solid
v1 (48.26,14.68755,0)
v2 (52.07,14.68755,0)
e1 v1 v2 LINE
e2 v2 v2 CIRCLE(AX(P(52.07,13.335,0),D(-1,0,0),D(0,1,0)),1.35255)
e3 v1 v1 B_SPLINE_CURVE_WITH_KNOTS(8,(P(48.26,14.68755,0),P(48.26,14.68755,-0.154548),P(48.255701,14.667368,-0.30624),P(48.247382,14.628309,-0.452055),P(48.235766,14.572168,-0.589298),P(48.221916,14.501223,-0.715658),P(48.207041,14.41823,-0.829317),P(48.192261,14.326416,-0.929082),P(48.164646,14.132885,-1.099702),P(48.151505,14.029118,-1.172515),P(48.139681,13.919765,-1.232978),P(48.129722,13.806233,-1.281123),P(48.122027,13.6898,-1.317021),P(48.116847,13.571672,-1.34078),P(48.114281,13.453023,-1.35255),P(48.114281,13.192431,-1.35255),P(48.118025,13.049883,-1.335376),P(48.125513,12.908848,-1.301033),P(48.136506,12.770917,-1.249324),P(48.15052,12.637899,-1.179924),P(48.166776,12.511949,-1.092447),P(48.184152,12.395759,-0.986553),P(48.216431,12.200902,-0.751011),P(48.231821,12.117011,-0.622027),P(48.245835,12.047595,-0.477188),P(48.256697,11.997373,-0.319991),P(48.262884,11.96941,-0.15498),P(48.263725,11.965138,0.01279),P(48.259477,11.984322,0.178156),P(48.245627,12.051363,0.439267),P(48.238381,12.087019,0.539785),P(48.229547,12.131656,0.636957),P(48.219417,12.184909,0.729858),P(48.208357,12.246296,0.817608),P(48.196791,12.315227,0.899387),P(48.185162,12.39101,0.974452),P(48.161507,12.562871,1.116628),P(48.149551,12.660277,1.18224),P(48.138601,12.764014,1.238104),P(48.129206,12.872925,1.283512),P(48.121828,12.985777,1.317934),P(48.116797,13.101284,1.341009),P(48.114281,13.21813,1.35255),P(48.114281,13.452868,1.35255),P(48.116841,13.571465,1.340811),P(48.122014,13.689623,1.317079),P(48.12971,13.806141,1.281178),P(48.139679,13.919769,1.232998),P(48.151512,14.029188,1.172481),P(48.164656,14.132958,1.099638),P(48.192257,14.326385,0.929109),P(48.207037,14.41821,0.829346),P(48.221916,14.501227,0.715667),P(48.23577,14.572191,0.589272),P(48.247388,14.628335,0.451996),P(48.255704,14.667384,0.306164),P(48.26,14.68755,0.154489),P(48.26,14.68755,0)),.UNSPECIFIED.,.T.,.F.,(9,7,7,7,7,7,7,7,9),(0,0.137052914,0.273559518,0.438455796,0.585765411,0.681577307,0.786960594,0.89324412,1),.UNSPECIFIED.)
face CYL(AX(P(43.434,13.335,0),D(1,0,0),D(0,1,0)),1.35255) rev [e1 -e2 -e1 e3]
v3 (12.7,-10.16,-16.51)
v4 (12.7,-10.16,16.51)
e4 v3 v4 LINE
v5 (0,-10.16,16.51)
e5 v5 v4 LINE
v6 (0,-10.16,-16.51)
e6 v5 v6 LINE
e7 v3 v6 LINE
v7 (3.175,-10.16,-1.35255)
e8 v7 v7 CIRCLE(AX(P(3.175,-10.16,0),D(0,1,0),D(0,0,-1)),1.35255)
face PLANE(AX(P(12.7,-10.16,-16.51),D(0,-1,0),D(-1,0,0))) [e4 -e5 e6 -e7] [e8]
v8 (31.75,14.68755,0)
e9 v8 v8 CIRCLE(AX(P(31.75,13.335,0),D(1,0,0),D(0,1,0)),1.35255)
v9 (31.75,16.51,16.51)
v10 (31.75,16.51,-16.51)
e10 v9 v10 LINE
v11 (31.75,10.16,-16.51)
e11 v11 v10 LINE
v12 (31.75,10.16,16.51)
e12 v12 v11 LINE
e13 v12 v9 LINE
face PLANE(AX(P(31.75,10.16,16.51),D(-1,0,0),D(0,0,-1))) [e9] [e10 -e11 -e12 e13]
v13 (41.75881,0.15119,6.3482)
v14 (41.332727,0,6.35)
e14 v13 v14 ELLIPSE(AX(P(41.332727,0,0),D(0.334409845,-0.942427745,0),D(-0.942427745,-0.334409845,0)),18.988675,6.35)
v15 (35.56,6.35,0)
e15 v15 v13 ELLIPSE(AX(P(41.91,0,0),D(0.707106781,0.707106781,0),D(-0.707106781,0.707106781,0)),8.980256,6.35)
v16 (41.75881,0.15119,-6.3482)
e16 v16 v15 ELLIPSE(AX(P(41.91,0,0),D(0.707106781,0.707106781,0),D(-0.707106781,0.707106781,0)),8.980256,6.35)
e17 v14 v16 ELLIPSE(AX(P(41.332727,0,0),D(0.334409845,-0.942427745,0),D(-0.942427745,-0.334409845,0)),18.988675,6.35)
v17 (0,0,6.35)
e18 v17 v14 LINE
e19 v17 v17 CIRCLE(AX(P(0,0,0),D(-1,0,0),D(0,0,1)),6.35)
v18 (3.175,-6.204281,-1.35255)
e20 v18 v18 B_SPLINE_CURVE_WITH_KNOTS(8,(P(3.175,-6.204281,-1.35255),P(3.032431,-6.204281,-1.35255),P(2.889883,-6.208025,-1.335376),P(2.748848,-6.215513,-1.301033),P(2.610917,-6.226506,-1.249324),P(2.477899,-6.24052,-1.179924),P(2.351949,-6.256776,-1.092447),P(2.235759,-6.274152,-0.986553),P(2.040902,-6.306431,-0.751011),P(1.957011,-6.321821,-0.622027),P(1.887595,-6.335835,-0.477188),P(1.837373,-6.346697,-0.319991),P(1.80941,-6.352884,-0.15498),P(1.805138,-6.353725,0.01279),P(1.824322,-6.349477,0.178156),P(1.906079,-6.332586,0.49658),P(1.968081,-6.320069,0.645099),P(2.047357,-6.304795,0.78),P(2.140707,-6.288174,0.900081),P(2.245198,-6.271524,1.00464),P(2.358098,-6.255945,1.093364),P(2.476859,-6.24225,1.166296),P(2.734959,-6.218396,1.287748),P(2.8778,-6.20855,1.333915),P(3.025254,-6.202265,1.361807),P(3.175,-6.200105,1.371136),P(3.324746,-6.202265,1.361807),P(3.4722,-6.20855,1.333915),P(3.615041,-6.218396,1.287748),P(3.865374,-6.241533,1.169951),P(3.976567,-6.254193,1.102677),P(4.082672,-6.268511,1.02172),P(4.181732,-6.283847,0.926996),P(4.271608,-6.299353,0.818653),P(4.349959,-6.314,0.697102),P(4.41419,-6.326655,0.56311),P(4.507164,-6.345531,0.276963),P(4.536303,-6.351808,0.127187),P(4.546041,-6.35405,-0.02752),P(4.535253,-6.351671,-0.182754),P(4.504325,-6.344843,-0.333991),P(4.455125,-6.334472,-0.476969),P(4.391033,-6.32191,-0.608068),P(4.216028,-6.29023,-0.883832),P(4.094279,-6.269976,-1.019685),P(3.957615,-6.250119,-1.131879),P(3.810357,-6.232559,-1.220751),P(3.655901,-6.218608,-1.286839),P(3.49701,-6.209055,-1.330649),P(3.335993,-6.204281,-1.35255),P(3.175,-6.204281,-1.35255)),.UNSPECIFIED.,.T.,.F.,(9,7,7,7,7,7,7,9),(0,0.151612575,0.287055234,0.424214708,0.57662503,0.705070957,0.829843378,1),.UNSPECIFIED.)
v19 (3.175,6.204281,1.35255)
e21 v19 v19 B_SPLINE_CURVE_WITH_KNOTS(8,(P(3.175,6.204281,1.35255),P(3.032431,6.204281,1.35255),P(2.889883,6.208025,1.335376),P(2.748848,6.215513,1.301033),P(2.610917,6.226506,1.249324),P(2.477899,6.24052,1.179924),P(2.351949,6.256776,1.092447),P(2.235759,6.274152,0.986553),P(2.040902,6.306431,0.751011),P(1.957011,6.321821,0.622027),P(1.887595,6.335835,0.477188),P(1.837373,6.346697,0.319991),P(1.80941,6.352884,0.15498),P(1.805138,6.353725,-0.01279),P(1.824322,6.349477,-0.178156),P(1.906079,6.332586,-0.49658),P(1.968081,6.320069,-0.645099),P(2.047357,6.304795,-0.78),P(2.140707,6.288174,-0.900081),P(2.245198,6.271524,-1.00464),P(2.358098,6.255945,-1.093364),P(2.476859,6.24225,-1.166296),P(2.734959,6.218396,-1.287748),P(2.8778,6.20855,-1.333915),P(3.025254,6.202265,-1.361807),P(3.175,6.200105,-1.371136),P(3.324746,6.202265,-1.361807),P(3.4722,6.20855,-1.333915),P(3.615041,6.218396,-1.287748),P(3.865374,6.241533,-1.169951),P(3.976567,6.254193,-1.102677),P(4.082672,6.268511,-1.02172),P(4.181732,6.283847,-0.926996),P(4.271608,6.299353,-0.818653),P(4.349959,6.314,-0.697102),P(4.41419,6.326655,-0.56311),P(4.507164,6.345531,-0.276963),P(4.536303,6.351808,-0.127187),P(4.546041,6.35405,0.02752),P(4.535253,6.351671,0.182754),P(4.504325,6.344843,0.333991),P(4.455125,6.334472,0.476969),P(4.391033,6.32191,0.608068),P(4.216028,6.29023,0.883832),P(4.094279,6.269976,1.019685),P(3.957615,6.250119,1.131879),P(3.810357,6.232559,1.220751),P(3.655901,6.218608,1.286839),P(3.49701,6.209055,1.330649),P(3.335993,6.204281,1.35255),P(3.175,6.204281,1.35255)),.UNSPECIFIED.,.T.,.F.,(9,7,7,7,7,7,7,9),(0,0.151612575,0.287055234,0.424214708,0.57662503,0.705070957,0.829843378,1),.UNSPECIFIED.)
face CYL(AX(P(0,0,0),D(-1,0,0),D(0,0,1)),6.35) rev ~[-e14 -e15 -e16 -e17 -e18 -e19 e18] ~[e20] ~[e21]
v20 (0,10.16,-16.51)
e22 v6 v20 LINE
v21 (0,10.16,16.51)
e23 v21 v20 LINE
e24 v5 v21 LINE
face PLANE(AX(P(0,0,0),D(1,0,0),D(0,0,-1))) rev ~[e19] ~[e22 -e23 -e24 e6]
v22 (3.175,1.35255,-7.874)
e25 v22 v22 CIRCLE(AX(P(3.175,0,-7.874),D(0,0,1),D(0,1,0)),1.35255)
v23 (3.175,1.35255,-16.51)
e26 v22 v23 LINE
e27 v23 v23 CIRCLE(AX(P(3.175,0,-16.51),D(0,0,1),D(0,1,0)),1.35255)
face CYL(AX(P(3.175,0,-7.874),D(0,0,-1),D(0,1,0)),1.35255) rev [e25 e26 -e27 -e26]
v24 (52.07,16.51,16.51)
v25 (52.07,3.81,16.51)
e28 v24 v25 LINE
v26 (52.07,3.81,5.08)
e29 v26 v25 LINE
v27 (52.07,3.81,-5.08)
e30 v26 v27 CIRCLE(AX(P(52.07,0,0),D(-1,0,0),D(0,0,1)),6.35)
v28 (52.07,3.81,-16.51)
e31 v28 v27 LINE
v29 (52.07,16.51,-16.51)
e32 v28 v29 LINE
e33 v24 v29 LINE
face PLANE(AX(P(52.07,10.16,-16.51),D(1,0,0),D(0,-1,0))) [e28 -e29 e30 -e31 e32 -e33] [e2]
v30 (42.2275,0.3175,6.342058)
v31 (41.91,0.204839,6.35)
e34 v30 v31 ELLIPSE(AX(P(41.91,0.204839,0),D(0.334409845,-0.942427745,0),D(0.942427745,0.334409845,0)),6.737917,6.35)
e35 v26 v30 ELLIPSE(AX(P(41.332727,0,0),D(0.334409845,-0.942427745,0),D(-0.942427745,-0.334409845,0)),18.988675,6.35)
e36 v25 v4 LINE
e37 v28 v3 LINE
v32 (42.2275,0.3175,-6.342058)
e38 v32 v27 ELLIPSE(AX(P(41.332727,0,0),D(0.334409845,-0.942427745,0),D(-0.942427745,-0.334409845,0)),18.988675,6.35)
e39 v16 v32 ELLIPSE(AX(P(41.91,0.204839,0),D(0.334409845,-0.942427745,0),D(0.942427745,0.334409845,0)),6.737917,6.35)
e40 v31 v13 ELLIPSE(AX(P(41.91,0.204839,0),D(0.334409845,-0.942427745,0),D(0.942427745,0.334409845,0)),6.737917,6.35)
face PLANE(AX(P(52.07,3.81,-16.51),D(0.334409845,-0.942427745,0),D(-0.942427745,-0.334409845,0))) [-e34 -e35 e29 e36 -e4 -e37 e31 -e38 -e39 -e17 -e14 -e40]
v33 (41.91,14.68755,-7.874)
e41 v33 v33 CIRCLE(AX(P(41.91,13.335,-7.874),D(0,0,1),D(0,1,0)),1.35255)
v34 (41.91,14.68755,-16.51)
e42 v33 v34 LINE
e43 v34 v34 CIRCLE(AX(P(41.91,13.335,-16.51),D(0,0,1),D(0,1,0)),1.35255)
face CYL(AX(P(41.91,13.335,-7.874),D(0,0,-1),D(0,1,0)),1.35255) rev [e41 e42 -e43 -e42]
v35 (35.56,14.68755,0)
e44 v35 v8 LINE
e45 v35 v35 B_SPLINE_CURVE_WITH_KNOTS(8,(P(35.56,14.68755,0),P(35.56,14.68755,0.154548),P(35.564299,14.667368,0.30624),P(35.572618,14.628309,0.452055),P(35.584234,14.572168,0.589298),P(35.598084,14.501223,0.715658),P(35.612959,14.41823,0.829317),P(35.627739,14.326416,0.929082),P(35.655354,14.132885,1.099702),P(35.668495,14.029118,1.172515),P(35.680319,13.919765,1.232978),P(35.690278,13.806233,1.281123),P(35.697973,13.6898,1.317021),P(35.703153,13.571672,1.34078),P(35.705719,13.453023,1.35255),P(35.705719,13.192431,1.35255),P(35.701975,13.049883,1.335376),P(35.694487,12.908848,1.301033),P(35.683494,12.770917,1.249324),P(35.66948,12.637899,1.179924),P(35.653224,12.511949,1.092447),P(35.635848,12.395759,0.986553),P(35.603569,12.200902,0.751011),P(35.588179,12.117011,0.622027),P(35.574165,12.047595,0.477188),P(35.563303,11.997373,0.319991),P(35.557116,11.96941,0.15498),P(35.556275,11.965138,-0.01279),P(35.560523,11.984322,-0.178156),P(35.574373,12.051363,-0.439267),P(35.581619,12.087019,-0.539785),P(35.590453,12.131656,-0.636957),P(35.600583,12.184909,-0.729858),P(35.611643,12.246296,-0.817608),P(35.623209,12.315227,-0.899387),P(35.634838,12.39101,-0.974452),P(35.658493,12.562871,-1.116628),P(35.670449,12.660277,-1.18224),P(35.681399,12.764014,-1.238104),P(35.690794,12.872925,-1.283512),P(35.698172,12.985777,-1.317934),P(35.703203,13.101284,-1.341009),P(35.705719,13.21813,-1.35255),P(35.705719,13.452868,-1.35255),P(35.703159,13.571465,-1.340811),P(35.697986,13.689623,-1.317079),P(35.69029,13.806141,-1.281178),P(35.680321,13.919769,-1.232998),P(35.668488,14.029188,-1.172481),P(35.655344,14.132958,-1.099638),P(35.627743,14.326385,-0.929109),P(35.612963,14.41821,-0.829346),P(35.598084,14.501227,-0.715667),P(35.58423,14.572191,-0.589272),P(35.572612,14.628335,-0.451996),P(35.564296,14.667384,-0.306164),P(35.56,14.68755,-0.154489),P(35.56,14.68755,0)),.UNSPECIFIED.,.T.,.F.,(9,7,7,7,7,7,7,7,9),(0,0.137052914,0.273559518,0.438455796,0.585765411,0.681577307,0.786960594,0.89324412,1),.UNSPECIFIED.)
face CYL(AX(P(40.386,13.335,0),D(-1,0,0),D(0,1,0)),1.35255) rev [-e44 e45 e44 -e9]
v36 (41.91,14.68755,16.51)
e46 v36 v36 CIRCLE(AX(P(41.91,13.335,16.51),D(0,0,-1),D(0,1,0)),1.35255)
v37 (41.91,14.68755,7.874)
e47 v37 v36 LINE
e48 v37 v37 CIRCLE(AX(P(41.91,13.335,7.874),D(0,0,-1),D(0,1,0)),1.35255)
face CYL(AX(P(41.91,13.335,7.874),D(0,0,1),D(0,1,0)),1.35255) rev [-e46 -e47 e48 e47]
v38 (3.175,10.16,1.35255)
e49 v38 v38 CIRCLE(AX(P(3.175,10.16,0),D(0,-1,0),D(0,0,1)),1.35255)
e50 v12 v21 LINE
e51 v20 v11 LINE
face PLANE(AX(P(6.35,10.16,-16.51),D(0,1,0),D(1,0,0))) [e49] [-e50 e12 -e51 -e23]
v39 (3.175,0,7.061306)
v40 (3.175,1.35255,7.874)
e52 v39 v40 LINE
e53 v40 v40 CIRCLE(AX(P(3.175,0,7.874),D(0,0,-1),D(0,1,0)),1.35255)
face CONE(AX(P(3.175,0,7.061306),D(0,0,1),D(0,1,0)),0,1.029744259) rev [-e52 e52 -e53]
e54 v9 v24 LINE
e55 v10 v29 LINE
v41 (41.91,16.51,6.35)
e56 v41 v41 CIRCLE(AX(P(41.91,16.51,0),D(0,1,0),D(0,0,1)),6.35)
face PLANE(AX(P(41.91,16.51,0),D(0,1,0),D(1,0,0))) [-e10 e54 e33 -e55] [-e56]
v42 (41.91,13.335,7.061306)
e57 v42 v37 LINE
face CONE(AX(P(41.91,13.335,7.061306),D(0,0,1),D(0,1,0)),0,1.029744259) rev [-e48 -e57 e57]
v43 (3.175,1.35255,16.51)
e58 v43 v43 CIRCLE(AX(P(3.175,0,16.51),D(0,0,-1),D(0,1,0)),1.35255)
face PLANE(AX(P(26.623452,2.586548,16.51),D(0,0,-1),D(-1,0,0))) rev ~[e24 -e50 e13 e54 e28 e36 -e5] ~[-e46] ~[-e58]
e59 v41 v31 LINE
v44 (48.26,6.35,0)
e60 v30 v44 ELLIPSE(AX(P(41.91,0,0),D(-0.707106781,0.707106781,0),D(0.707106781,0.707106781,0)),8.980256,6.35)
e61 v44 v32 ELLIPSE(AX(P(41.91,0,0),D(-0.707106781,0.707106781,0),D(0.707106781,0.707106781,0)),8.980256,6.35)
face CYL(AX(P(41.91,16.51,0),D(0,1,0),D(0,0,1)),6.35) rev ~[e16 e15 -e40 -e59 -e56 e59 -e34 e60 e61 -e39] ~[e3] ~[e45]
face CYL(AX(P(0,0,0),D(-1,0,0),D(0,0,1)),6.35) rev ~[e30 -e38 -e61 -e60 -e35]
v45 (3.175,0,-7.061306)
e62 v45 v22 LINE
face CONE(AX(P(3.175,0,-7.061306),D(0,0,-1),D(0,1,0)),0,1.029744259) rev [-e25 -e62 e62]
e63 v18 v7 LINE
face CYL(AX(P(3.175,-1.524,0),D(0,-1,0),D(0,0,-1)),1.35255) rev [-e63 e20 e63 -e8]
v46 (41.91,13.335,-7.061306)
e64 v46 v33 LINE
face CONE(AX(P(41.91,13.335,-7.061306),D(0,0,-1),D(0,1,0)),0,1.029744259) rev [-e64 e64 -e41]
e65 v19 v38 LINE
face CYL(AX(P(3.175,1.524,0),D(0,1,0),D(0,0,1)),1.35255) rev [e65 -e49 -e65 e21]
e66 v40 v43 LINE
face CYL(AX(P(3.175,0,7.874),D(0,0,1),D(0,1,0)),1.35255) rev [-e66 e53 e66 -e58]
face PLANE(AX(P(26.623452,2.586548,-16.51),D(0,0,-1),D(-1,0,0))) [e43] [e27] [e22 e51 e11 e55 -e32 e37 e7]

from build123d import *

# Parameters (mm, degrees)
SKETCH1_W           = 33.02
SKETCH1_H           = 20.32
BOSS_EXTRUDE1_DEPTH = 6.35
SKETCH2_W           = 20.32
SKETCH2_H           = 33.02
BOSS_EXTRUDE2_DEPTH = 6.35
BOSS_EXTRUDE3_DEPTH = 33.02
SKETCH6_R           = 6.35
CUT_EXTRUDE1_DEPTH  = 61.787777554
SKETCH7_R           = 6.35
CUT_EXTRUDE2_DEPTH  = 58.065270644


with BuildPart() as part:
    # Sketch1 → Boss-Extrude1 (new body)
    with BuildSketch(Plane(origin=(0, 0, 0), x_dir=(0, 0, -1), z_dir=(1, 0, 0))):
        Rectangle(SKETCH1_W, SKETCH1_H)
    extrude(amount=BOSS_EXTRUDE1_DEPTH)

    # Sketch5 → #6-32 Tapped Hole1 (revolve, cut)
    with BuildSketch(Plane(origin=(3.175, 0, -16.51), x_dir=(0, 1, 0), z_dir=(1, 0, 0))):
        Polygon((0, 0), (0, 9.44869403), (1.35255, 8.636), (1.35255, 0), align=None)
    revolve(axis=Axis((3.175, 0, -22.86), (0, 0, 1)), mode=Mode.SUBTRACT)

    # Sketch5 at point 2 (carried to point 2, square into its face) → #6-32 Tapped Hole1 at 2 (revolve, cut)
    with BuildSketch(Plane(origin=(3.175, 10.16, 0), x_dir=(0, 0, 1), z_dir=(1, 0, 0))):
        Polygon((0, 0), (0, 9.44869403), (1.35255, 8.636), (1.35255, 0), align=None)
    revolve(axis=Axis((3.175, 16.51, 0), (0, -1, 0)), mode=Mode.SUBTRACT)

    # Sketch5 at point 7 (carried to point 7, square into its face) → #6-32 Tapped Hole1 at 7 (revolve, cut)
    with BuildSketch(Plane(origin=(3.175, 0, 16.51), x_dir=(0, 1, 0), z_dir=(-1, 0, 0))):
        Polygon((0, 0), (0, 9.44869403), (1.35255, 8.636), (1.35255, 0), align=None)
    revolve(axis=Axis((3.175, 0, 22.86), (0, 0, -1)), mode=Mode.SUBTRACT)

    # Sketch5 at point 8 (carried to point 8, square into its face) → #6-32 Tapped Hole1 at 8 (revolve, cut)
    with BuildSketch(Plane(origin=(3.175, -10.16, 0), x_dir=(0, 0, -1), z_dir=(1, 0, 0))):
        Polygon((0, 0), (0, 9.44869403), (1.35255, 8.636), (1.35255, 0), align=None)
    revolve(axis=Axis((3.175, -16.51, 0), (0, 1, 0)), mode=Mode.SUBTRACT)



with BuildPart() as body_2:
    # Sketch2 → Boss-Extrude2 (new body)
    with BuildSketch(Plane(origin=(0, 10.16, 0), x_dir=(1, 0, 0), z_dir=(0, 1, 0))):
        with Locations((41.91, 0)):
            Rectangle(SKETCH2_W, SKETCH2_H)
    extrude(amount=BOSS_EXTRUDE2_DEPTH)

    # Sketch5 at point 3 (carried to point 3, square into its face) → #6-32 Tapped Hole1 at 3 (revolve, cut)
    with BuildSketch(Plane(origin=(31.75, 13.335, 0), x_dir=(0, 1, 0), z_dir=(0, 0, -1))):
        Polygon((0, 0), (0, 9.44869403), (1.35255, 8.636), (1.35255, 0), align=None)
    revolve(axis=Axis((25.4, 13.335, 0), (1, 0, 0)), mode=Mode.SUBTRACT)

    # Sketch5 at point 4 (carried to point 4, square into its face) → #6-32 Tapped Hole1 at 4 (revolve, cut)
    with BuildSketch(Plane(origin=(41.91, 13.335, -16.51), x_dir=(0, 1, 0), z_dir=(1, 0, 0))):
        Polygon((0, 0), (0, 9.44869403), (1.35255, 8.636), (1.35255, 0), align=None)
    revolve(axis=Axis((41.91, 13.335, -22.86), (0, 0, 1)), mode=Mode.SUBTRACT)

    # Sketch5 at point 5 (carried to point 5, square into its face) → #6-32 Tapped Hole1 at 5 (revolve, cut)
    with BuildSketch(Plane(origin=(41.91, 13.335, 16.51), x_dir=(0, 1, 0), z_dir=(-1, 0, 0))):
        Polygon((0, 0), (0, 9.44869403), (1.35255, 8.636), (1.35255, 0), align=None)
    revolve(axis=Axis((41.91, 13.335, 22.86), (0, 0, -1)), mode=Mode.SUBTRACT)

    # Sketch5 at point 6 (carried to point 6, square into its face) → #6-32 Tapped Hole1 at 6 (revolve, cut)
    with BuildSketch(Plane(origin=(52.07, 13.335, 0), x_dir=(0, 1, 0), z_dir=(0, 0, 1))):
        Polygon((0, 0), (0, 9.44869403), (1.35255, 8.636), (1.35255, 0), align=None)
    revolve(axis=Axis((58.42, 13.335, 0), (-1, 0, 0)), mode=Mode.SUBTRACT)


with BuildPart() as part_1:
    add(part.part)

    add(body_2.part)  # Boss-Extrude3 merges body 2
    # Sketch4 → Boss-Extrude3 (add, through all)
    with BuildSketch(Plane.XY.offset(-16.51)):
        Polygon((52.07, 10.16), (52.07, 3.81), (12.7, -10.16), (6.35, -10.16), (6.35, 10.16), align=None)
    extrude(amount=BOSS_EXTRUDE3_DEPTH)

    # Sketch6 → Cut-Extrude1 (cut, through all)
    with BuildSketch(Plane(origin=(0, 16.51, 0), x_dir=(1, 0, 0), z_dir=(0, 1, 0))):
        with Locations(Location((41.91, 0, 0), (0, 0, 270))):
            Circle(SKETCH6_R)
    extrude(amount=-CUT_EXTRUDE1_DEPTH, mode=Mode.SUBTRACT)

    # Sketch7 → Cut-Extrude2 (cut, through all)
    with BuildSketch(Plane.ZY):
        Circle(SKETCH7_R)
    extrude(amount=-CUT_EXTRUDE2_DEPTH, mode=Mode.SUBTRACT)


solid = part_1.part
